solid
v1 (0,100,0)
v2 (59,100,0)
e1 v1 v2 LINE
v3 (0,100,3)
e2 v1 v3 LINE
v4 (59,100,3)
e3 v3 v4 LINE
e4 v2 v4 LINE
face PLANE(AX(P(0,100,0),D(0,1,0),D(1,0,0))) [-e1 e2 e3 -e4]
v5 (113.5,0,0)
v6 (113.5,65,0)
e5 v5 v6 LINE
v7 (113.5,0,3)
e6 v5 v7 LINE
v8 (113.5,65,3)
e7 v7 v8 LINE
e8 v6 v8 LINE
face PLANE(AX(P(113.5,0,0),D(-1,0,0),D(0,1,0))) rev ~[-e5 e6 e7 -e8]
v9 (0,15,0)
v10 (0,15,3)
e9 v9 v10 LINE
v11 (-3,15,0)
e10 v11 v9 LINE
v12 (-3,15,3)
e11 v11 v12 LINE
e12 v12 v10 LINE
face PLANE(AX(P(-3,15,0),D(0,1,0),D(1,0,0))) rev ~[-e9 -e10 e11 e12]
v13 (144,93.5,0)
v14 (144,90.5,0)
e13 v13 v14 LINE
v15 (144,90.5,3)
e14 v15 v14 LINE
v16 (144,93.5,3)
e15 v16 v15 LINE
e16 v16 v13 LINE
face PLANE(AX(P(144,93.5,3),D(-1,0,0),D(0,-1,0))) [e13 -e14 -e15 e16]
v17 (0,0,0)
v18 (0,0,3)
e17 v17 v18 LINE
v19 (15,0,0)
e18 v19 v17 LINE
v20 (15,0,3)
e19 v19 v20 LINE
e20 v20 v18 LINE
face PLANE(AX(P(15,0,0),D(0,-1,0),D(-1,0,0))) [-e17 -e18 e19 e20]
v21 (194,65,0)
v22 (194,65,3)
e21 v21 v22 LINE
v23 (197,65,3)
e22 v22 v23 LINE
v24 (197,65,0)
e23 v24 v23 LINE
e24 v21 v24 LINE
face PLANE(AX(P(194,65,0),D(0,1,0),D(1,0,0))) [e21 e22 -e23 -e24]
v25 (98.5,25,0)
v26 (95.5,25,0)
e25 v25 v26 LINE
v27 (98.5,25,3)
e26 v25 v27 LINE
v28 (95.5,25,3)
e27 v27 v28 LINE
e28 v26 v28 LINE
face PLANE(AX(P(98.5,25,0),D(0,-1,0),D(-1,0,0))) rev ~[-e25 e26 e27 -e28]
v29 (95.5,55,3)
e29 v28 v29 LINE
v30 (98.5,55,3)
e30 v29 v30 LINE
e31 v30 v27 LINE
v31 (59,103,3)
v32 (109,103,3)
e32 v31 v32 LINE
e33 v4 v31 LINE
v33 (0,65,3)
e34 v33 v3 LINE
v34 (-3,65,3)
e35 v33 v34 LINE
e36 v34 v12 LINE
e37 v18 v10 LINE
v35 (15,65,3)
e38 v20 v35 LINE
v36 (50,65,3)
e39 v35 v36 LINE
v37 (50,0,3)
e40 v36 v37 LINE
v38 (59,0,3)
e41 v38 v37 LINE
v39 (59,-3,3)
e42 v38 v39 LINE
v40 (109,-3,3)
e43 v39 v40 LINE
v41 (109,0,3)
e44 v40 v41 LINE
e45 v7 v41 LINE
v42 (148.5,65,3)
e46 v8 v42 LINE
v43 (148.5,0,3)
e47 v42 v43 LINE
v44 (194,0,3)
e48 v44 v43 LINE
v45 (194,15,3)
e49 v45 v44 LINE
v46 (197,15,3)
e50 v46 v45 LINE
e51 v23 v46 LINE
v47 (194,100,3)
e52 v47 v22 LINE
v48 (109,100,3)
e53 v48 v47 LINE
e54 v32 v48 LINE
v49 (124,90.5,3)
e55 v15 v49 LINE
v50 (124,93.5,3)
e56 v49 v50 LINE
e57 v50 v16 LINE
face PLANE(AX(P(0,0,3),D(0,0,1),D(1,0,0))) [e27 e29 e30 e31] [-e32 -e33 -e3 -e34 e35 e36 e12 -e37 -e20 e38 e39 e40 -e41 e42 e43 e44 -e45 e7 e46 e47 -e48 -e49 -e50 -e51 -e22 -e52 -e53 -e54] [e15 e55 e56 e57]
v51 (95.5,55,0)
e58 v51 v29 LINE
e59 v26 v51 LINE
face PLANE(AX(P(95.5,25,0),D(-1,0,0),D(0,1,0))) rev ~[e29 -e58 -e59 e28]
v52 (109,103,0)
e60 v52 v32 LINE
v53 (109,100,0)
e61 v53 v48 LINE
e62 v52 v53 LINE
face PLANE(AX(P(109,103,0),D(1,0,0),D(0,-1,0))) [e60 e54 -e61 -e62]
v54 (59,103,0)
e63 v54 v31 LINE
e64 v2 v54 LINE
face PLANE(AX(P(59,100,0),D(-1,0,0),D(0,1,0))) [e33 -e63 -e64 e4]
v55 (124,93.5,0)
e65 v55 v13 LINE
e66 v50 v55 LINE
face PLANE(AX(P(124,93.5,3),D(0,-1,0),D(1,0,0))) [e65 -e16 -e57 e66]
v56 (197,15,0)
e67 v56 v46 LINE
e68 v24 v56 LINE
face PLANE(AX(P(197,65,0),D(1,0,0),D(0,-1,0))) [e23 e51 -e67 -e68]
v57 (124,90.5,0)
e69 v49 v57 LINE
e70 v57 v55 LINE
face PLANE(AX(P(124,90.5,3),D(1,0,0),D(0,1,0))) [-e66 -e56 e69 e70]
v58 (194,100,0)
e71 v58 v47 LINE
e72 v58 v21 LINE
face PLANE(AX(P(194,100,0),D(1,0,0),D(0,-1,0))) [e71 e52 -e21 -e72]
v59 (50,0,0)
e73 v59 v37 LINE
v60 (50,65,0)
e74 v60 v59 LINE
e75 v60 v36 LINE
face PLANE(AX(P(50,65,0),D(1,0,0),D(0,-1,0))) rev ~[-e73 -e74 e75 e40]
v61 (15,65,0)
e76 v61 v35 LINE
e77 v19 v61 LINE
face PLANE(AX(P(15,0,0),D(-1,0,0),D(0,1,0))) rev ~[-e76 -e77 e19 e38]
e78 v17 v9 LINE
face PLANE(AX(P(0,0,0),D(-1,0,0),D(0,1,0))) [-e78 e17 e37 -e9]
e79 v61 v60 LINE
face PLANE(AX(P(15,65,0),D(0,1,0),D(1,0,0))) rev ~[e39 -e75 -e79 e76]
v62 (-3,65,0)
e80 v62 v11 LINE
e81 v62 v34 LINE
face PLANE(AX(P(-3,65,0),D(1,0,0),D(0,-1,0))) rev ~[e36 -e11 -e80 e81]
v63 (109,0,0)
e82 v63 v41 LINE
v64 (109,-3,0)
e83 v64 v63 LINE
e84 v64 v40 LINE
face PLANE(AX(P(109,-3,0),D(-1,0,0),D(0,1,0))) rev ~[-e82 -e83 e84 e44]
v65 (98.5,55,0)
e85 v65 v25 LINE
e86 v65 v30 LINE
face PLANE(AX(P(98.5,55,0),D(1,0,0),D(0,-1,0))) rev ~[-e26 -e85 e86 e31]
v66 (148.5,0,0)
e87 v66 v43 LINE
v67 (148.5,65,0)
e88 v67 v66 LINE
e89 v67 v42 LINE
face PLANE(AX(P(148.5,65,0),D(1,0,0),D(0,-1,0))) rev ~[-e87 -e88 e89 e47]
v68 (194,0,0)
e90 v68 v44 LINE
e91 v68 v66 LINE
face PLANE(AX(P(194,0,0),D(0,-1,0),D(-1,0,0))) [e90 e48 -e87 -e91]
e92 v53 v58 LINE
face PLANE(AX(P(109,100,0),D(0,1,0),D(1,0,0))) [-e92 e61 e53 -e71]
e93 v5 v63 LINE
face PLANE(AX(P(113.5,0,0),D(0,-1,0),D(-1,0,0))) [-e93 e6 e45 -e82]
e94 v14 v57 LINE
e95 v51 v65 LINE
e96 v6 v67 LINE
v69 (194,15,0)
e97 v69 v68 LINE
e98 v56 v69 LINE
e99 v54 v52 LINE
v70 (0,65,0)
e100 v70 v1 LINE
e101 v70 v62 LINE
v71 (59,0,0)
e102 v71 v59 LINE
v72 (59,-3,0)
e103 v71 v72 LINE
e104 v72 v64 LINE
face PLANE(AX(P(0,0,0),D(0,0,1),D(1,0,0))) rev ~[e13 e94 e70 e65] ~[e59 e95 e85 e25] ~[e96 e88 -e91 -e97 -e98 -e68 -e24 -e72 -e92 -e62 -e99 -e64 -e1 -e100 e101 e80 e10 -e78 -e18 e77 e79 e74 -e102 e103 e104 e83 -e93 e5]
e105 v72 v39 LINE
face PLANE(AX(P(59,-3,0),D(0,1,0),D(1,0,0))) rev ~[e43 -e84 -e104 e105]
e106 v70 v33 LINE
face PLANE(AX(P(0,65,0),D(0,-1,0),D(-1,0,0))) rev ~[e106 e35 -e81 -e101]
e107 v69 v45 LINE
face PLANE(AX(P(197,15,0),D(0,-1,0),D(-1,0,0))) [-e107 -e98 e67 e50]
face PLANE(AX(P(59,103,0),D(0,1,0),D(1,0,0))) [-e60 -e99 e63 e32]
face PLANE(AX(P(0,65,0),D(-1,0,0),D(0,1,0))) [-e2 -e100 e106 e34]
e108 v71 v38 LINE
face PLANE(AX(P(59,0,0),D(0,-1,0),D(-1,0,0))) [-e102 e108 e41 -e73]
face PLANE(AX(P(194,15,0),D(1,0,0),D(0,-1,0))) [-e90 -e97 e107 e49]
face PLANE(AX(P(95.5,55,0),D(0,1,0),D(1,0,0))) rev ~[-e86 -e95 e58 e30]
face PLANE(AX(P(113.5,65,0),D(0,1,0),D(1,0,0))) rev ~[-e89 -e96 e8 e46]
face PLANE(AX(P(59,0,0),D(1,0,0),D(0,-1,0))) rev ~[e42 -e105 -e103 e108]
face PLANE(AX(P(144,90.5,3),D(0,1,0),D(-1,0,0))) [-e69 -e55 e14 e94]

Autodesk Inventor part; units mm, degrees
ref_plane "YZ Plane" through (0, 0, 0) normal (1, 0, 0) x (0, 1, 0)
ref_plane "XZ Plane" through (0, 0, 0) normal (0, 1, 0) x (-1, 0, 0)
ref_plane "XY Plane" through (0, 0, 0) normal (0, 0, 1) x (1, 0, 0)
sketch "Boceto1" plane through (0, 0, 0) normal (0, 0, 1) x (1, 0, 0)
  line L0 (0, 65) -> (-3, 65)
  line L1 (-3, 65) -> (-3, 15)
  line L2 (-3, 15) -> (0, 15)
  line L3 (0, 0) -> (0, 15)
  line L4 (0, 65) -> (0, 100)
  line L5 (194, 65) -> (197, 65)
  line L6 (197, 65) -> (197, 15)
  line L7 (197, 15) -> (194, 15)
  line L8 (194, 100) -> (194, 65)
  line L9 (194, 15) -> (194, 0)
  line L10 (15, 0) -> (15, 65)
  line L11 (15, 65) -> (50, 65)
  line L12 (50, 65) -> (50, 0)
  line L13 (15, 0) -> (0, 0)
  line L14 (113.5, 0) -> (113.5, 65)
  line L15 (113.5, 65) -> (148.5, 65)
  line L16 (148.5, 65) -> (148.5, 0)
  line L17 (194, 0) -> (148.5, 0)
  line L18 (95.5, 55) -> (98.5, 55)
  line L19 (98.5, 55) -> (98.5, 25)
  line L20 (98.5, 25) -> (95.5, 25)
  line L21 (95.5, 25) -> (95.5, 55)
  line L22 (59, 100) -> (59, 103)
  line L23 (59, 103) -> (109, 103)
  line L24 (109, 103) -> (109, 100)
  line L25 (0, 100) -> (59, 100)
  line L26 (109, 100) -> (194, 100)
  line L27 (109, 100) -> (209, 100) construction
  line L28 (59, 0) -> (59, -3)
  line L29 (59, -3) -> (109, -3)
  line L30 (109, -3) -> (109, 0)
  line L31 (113.5, 0) -> (109, 0)
  line L32 (59, 0) -> (50, 0)
  dimension "d0" = 194
  dimension "d1" = 100
  dimension "d3" = 50
  dimension "d8" = 3
  dimension "d13" = 35
  dimension "d14" = 65
  dimension "d15" = 15
  dimension "d16" = 3
  dimension "d17" = 30
  dimension "d19" = 95.5
  dimension "d20" = 15
  dimension "d23" = 15
  dimension "d24" = 3
  dimension "d25" = 50
  dimension "d26" = 88
  dimension "d28" = 3
  dimension "d29" = 25
extrude "Extrusión1" add sketch "Boceto1" along normal blind 3
sketch "Boceto3" plane through (0, 0, 3) normal (0, 0, 1) x (1, 0, 0)
  line L0 (124, 93.5) -> (144, 93.5)
  line L1 (144, 93.5) -> (144, 90.5)
  line L2 (144, 90.5) -> (124, 90.5)
  line L3 (124, 90.5) -> (124, 93.5)
  line L4 (148.5, 0) -> (194, 0) projected
  line L5 (194, 65) -> (194, 100) projected
  point P0 (0, 0)
  dimension "d44" = 20
  dimension "d45" = 3
  dimension "d46" = 90.5
  dimension "d47" = 50
extrude "Extrusión4" cut sketch "Boceto3" against normal blind 3
properties part number "Celda celdas" material "Madera (roble)"
